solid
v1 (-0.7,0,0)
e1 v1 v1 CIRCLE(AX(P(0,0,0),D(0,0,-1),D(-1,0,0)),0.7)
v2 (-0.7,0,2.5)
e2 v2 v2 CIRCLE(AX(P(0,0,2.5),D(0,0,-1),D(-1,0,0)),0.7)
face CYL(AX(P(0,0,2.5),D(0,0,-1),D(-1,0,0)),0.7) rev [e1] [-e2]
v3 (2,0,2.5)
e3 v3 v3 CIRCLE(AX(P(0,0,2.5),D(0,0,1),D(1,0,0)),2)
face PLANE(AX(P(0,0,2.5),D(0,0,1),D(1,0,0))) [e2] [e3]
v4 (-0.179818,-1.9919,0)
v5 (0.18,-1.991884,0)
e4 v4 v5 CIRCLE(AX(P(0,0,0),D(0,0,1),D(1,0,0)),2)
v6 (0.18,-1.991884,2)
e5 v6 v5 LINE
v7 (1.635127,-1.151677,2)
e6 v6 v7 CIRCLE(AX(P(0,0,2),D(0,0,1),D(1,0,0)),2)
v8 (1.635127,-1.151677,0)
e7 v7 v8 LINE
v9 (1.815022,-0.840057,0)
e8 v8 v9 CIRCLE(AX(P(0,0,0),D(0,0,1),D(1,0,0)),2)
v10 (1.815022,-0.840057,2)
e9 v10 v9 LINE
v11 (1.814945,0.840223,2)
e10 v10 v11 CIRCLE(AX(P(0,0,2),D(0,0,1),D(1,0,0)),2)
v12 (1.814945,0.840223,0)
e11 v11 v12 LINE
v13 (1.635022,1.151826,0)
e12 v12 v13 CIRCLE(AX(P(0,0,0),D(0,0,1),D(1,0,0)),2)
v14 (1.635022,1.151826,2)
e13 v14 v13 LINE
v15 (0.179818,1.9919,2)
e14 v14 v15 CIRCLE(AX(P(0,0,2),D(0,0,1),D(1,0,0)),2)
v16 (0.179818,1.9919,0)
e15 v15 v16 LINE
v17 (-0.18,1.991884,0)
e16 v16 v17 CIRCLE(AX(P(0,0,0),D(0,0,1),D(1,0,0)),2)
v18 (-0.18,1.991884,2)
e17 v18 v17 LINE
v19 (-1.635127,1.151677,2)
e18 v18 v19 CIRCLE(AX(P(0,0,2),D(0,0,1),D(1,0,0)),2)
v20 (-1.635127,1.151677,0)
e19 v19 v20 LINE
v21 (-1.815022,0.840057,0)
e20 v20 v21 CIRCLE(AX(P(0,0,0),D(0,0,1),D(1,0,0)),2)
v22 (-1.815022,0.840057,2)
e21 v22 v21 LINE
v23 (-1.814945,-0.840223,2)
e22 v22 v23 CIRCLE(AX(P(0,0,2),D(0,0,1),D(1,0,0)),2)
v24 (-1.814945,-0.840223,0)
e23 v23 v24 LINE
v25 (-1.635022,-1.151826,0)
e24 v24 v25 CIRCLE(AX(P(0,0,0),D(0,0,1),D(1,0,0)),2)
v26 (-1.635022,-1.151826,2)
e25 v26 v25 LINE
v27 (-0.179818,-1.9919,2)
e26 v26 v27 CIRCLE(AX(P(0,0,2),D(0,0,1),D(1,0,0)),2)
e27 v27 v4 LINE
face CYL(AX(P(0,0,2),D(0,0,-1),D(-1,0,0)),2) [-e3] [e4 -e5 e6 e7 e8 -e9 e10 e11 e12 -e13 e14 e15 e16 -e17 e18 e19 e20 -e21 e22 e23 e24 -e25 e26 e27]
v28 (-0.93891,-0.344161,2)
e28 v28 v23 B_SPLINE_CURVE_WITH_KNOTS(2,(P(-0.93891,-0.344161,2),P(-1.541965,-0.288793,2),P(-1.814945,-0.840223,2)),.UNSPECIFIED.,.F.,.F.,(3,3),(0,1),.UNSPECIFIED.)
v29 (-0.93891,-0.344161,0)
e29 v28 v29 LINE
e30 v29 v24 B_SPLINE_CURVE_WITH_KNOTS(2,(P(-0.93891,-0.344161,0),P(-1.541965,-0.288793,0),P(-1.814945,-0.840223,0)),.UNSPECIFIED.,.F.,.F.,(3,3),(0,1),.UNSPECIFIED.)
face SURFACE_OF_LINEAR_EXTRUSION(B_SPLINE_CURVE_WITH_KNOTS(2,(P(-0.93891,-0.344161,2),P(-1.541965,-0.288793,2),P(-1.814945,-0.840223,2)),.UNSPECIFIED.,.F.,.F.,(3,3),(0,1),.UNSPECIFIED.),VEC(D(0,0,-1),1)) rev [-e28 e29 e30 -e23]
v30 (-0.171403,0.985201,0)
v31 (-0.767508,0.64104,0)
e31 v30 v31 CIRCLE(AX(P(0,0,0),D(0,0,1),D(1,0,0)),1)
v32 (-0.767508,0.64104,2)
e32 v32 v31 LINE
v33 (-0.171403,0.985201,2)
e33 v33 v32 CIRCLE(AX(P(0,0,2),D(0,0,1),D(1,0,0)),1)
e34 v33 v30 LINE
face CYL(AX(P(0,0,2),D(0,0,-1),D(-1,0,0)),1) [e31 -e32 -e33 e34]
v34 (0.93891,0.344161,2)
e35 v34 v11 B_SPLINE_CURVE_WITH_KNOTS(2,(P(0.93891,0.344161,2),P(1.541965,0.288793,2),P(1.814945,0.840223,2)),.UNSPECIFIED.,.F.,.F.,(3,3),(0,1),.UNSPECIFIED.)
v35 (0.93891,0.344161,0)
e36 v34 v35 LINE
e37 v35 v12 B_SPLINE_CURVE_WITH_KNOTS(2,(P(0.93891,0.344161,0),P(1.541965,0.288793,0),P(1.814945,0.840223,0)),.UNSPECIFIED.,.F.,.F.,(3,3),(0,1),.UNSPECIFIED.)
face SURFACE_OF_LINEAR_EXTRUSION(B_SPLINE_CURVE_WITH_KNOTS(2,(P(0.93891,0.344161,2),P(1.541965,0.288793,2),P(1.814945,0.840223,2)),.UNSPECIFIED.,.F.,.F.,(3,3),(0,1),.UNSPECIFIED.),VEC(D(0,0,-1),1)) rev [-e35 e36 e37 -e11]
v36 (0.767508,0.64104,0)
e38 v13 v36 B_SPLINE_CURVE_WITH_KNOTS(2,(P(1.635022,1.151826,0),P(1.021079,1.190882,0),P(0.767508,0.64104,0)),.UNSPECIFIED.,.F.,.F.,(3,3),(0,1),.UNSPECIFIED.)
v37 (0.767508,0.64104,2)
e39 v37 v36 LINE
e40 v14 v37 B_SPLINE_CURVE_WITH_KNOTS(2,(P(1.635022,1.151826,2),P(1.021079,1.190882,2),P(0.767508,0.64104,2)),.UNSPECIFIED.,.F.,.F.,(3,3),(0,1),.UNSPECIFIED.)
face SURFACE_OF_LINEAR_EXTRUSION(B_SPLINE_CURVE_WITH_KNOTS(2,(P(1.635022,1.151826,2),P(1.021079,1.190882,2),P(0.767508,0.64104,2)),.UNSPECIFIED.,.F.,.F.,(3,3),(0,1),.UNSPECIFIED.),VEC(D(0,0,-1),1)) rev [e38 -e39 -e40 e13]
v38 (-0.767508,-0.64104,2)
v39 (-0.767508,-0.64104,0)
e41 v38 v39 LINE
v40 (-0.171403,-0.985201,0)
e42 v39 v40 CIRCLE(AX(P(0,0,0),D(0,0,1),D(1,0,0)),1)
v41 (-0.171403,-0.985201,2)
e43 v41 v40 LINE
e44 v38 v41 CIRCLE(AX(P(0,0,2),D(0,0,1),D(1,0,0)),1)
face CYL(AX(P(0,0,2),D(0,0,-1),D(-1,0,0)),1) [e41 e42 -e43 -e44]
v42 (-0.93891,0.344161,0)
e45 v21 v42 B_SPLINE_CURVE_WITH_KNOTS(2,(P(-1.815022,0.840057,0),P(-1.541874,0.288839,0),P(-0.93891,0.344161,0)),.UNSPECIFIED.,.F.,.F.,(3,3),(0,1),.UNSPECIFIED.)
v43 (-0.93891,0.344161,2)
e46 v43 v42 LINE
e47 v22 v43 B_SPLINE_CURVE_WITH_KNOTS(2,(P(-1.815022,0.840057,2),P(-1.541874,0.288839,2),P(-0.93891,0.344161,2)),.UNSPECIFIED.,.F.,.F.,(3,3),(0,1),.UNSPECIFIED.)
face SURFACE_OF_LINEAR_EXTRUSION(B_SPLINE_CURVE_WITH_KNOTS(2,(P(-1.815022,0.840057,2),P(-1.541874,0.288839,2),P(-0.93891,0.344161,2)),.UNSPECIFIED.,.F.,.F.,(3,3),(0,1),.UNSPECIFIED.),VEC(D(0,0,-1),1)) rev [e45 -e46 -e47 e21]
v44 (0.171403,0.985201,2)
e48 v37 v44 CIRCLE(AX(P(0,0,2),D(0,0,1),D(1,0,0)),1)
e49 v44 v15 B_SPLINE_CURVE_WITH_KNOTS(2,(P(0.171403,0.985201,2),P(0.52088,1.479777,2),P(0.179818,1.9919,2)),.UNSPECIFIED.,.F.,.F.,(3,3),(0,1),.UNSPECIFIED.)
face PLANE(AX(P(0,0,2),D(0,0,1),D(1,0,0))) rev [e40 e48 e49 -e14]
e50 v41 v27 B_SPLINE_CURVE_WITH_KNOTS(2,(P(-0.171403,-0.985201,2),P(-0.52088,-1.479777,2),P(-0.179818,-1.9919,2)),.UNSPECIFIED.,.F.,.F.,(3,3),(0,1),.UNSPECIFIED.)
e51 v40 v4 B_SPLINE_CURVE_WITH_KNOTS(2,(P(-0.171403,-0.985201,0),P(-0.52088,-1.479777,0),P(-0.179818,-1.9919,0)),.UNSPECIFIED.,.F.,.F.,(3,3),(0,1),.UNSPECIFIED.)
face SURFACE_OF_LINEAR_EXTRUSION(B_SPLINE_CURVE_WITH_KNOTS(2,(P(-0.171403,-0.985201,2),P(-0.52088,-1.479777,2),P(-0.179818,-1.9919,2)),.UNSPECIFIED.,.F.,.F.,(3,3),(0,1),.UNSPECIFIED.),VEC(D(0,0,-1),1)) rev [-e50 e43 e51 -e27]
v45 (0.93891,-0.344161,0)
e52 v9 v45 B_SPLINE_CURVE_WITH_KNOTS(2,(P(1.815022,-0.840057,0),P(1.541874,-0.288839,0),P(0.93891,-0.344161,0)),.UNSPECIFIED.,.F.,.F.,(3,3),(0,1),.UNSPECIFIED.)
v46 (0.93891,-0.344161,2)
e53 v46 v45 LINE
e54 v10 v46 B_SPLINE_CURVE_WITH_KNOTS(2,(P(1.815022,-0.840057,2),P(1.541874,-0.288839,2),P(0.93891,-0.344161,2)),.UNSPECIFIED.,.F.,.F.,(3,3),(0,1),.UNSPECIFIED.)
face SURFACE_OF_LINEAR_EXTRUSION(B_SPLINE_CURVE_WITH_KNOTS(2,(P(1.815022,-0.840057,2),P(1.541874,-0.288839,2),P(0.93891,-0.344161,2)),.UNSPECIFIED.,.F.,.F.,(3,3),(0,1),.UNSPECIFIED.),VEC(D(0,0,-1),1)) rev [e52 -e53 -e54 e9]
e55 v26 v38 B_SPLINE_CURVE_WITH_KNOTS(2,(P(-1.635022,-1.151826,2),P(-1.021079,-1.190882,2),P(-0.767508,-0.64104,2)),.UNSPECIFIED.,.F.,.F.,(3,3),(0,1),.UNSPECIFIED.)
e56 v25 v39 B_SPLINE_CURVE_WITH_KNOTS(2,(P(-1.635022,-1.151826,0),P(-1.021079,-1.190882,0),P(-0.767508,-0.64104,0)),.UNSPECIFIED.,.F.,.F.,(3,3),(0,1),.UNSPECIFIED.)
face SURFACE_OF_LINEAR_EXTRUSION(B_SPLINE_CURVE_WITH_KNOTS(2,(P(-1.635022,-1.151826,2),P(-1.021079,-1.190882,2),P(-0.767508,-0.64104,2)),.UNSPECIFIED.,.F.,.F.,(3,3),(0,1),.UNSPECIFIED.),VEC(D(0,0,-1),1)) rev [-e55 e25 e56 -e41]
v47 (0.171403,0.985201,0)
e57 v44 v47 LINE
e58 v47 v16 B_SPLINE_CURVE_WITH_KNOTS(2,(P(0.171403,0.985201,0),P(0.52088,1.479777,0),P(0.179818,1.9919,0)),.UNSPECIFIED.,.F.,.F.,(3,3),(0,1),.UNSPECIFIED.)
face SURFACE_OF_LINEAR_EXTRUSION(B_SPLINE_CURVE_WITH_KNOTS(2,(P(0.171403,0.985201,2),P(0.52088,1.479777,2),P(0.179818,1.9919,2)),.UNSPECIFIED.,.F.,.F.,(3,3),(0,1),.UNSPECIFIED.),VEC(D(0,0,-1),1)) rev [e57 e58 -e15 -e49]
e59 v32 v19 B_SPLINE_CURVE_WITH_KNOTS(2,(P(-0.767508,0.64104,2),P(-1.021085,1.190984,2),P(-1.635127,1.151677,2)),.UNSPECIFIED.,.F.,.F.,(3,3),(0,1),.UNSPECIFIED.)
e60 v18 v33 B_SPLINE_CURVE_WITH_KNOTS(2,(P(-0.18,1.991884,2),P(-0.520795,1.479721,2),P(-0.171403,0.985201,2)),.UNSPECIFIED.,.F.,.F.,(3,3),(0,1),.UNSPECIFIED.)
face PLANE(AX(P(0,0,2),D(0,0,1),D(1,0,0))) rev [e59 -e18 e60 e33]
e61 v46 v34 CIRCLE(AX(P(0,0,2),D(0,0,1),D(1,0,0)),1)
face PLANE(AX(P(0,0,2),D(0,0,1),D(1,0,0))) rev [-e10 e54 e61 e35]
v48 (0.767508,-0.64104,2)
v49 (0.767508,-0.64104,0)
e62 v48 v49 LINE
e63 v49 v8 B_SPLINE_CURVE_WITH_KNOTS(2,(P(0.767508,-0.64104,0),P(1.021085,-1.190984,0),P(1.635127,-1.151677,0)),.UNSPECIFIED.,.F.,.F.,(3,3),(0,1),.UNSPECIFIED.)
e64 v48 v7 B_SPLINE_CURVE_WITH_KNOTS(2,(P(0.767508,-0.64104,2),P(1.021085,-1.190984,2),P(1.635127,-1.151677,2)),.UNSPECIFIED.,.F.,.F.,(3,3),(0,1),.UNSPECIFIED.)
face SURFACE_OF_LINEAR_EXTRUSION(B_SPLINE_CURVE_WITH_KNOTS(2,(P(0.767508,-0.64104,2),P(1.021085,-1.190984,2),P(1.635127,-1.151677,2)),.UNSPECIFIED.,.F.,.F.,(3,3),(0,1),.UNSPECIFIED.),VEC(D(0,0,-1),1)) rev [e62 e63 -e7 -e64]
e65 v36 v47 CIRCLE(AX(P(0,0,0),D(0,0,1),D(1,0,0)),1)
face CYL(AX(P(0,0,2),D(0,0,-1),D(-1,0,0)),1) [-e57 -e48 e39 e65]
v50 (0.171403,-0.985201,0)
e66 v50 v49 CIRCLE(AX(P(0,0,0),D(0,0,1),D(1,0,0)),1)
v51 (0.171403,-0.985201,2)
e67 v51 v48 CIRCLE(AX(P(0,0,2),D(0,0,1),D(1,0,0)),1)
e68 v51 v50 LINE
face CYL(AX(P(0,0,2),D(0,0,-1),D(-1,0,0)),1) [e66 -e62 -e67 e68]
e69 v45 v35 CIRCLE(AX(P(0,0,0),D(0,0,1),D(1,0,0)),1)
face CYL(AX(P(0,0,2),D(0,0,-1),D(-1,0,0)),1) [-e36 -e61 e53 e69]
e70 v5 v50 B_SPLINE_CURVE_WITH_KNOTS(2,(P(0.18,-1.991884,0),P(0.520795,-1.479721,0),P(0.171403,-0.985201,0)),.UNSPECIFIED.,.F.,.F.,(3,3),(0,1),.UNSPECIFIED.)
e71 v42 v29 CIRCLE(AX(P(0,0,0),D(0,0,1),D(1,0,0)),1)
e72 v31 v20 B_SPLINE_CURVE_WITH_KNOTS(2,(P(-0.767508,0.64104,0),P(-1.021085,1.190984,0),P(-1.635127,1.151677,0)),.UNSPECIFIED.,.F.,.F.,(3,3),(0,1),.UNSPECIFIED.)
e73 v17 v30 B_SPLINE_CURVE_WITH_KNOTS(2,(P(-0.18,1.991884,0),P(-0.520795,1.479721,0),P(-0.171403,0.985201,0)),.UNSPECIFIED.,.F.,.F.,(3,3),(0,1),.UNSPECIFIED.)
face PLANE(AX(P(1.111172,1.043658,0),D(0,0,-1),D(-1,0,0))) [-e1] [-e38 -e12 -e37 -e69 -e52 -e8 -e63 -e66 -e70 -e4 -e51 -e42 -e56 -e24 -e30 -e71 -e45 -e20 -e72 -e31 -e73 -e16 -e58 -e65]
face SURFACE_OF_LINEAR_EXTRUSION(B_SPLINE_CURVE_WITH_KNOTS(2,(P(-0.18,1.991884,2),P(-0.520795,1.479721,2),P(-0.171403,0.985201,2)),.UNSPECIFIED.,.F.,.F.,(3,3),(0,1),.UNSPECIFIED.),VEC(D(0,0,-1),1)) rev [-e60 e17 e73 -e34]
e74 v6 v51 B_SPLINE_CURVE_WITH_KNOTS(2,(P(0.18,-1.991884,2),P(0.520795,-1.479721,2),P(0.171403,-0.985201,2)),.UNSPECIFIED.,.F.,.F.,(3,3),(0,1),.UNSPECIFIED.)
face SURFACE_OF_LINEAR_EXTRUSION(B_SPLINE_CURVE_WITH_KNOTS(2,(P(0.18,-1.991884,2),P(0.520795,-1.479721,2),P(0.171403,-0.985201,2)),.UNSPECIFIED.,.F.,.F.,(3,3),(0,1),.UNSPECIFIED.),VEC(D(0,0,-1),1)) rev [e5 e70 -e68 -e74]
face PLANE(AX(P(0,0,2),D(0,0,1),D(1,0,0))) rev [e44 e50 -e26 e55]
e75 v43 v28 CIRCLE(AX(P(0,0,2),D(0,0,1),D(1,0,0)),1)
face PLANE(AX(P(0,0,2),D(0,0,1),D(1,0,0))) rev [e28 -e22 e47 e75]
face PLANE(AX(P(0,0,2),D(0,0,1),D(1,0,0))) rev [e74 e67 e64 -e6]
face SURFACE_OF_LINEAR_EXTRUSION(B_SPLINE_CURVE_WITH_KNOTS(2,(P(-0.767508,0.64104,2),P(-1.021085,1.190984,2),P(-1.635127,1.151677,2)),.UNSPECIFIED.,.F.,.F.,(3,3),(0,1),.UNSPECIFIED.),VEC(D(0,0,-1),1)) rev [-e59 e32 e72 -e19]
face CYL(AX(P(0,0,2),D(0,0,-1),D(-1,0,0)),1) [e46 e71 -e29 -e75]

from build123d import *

# Parameters (mm, degrees)
EXTRUDE_1_DEPTH     = 2
SKETCH_2_R          = 2
EXTRUDE_2_DEPTH     = 0.5
SKETCH_3_R          = 0.7
CUT_EXTRUDE_1_DEPTH = 3.5


with BuildPart() as part:
    # 草图1 → 凸台-拉伸1 (new body)
    with BuildSketch(Plane.XY):
        with BuildLine():
            ThreePointArc((-0.171402668, 0.985201058), (-0.5, 0.866025404), (-0.767507811, 0.641039594))
            add(Edge.make_bspline(
                [(-1.635127173, 1.15167666), (-1.021084682, 1.190983914), (-0.767507811, 0.641039594)],
                knots=[0, 0, 0, 1, 1, 1], degree=2))
            ThreePointArc((-1.635127173, 1.15167666), (-1.732096577, 0.999920721), (-1.815021739, 0.840057193))
            add(Edge.make_bspline(
                [(-1.815021739, 0.840057193), (-1.541873553, 0.288839145), (-0.938910478, 0.344161465)],
                knots=[0, 0, 0, 1, 1, 1], degree=2))
            ThreePointArc((-0.938910478, 0.344161465), (-1, 0), (-0.938910478, -0.344161465))
            add(Edge.make_bspline(
                [(-1.814944831, -0.84022334), (-1.541964666, -0.288793317), (-0.938910478, -0.344161465)],
                knots=[0, 0, 0, 1, 1, 1], degree=2))
            ThreePointArc((-1.814944831, -0.84022334), (-1.732005035, -1.000079277), (-1.635021739, -1.151826338))
            add(Edge.make_bspline(
                [(-1.635021739, -1.151826338), (-1.021078814, -1.190882094), (-0.767507811, -0.641039594)],
                knots=[0, 0, 0, 1, 1, 1], degree=2))
            ThreePointArc((-0.767507811, -0.641039594), (-0.5, -0.866025404), (-0.171402668, -0.985201058))
            add(Edge.make_bspline(
                [(-0.179817658, -1.9919), (-0.520879984, -1.479777231), (-0.171402668, -0.985201058)],
                knots=[0, 0, 0, 1, 1, 1], degree=2))
            ThreePointArc((-0.179817658, -1.9919), (9.1542e-05, -1.999999998), (0.18, -1.991883531))
            add(Edge.make_bspline(
                [(0.18, -1.991883531), (0.520794739, -1.479721239), (0.171402668, -0.985201058)],
                knots=[0, 0, 0, 1, 1, 1], degree=2))
            ThreePointArc((0.171402668, -0.985201058), (0.5, -0.866025404), (0.767507811, -0.641039594))
            add(Edge.make_bspline(
                [(1.635127173, -1.15167666), (1.021084682, -1.190983914), (0.767507811, -0.641039594)],
                knots=[0, 0, 0, 1, 1, 1], degree=2))
            ThreePointArc((1.635127173, -1.15167666), (1.732096577, -0.999920721), (1.815021739, -0.840057193))
            add(Edge.make_bspline(
                [(1.815021739, -0.840057193), (1.541873553, -0.288839145), (0.938910478, -0.344161465)],
                knots=[0, 0, 0, 1, 1, 1], degree=2))
            ThreePointArc((0.938910478, -0.344161465), (1, 0), (0.938910478, 0.344161465))
            add(Edge.make_bspline(
                [(1.814944831, 0.84022334), (1.541964666, 0.288793317), (0.938910478, 0.344161465)],
                knots=[0, 0, 0, 1, 1, 1], degree=2))
            ThreePointArc((1.814944831, 0.84022334), (1.732005035, 1.000079277), (1.635021739, 1.151826338))
            add(Edge.make_bspline(
                [(1.635021739, 1.151826338), (1.021078814, 1.190882094), (0.767507811, 0.641039594)],
                knots=[0, 0, 0, 1, 1, 1], degree=2))
            ThreePointArc((0.767507811, 0.641039594), (0.5, 0.866025404), (0.171402668, 0.985201058))
            add(Edge.make_bspline(
                [(0.179817658, 1.9919), (0.520879984, 1.479777231), (0.171402668, 0.985201058)],
                knots=[0, 0, 0, 1, 1, 1], degree=2))
            ThreePointArc((0.179817658, 1.9919), (-9.1542e-05, 1.999999998), (-0.18, 1.991883531))
            add(Edge.make_bspline(
                [(-0.18, 1.991883531), (-0.520794739, 1.479721239), (-0.171402668, 0.985201058)],
                knots=[0, 0, 0, 1, 1, 1], degree=2))
        make_face()
    extrude(amount=EXTRUDE_1_DEPTH)

    # 草图2 → 凸台-拉伸2 (add)
    with BuildSketch(Plane.XY.offset(2)):
        Circle(SKETCH_2_R)
    extrude(amount=EXTRUDE_2_DEPTH)

    # 草图3 → 切除-拉伸1 (cut, through all)
    with BuildSketch(Plane(origin=(0, 0, 0), x_dir=(-1, 0, 0), z_dir=(0, 0, -1))):
        Circle(SKETCH_3_R)
    extrude(amount=-CUT_EXTRUDE_1_DEPTH, mode=Mode.SUBTRACT)


solid = part.part
